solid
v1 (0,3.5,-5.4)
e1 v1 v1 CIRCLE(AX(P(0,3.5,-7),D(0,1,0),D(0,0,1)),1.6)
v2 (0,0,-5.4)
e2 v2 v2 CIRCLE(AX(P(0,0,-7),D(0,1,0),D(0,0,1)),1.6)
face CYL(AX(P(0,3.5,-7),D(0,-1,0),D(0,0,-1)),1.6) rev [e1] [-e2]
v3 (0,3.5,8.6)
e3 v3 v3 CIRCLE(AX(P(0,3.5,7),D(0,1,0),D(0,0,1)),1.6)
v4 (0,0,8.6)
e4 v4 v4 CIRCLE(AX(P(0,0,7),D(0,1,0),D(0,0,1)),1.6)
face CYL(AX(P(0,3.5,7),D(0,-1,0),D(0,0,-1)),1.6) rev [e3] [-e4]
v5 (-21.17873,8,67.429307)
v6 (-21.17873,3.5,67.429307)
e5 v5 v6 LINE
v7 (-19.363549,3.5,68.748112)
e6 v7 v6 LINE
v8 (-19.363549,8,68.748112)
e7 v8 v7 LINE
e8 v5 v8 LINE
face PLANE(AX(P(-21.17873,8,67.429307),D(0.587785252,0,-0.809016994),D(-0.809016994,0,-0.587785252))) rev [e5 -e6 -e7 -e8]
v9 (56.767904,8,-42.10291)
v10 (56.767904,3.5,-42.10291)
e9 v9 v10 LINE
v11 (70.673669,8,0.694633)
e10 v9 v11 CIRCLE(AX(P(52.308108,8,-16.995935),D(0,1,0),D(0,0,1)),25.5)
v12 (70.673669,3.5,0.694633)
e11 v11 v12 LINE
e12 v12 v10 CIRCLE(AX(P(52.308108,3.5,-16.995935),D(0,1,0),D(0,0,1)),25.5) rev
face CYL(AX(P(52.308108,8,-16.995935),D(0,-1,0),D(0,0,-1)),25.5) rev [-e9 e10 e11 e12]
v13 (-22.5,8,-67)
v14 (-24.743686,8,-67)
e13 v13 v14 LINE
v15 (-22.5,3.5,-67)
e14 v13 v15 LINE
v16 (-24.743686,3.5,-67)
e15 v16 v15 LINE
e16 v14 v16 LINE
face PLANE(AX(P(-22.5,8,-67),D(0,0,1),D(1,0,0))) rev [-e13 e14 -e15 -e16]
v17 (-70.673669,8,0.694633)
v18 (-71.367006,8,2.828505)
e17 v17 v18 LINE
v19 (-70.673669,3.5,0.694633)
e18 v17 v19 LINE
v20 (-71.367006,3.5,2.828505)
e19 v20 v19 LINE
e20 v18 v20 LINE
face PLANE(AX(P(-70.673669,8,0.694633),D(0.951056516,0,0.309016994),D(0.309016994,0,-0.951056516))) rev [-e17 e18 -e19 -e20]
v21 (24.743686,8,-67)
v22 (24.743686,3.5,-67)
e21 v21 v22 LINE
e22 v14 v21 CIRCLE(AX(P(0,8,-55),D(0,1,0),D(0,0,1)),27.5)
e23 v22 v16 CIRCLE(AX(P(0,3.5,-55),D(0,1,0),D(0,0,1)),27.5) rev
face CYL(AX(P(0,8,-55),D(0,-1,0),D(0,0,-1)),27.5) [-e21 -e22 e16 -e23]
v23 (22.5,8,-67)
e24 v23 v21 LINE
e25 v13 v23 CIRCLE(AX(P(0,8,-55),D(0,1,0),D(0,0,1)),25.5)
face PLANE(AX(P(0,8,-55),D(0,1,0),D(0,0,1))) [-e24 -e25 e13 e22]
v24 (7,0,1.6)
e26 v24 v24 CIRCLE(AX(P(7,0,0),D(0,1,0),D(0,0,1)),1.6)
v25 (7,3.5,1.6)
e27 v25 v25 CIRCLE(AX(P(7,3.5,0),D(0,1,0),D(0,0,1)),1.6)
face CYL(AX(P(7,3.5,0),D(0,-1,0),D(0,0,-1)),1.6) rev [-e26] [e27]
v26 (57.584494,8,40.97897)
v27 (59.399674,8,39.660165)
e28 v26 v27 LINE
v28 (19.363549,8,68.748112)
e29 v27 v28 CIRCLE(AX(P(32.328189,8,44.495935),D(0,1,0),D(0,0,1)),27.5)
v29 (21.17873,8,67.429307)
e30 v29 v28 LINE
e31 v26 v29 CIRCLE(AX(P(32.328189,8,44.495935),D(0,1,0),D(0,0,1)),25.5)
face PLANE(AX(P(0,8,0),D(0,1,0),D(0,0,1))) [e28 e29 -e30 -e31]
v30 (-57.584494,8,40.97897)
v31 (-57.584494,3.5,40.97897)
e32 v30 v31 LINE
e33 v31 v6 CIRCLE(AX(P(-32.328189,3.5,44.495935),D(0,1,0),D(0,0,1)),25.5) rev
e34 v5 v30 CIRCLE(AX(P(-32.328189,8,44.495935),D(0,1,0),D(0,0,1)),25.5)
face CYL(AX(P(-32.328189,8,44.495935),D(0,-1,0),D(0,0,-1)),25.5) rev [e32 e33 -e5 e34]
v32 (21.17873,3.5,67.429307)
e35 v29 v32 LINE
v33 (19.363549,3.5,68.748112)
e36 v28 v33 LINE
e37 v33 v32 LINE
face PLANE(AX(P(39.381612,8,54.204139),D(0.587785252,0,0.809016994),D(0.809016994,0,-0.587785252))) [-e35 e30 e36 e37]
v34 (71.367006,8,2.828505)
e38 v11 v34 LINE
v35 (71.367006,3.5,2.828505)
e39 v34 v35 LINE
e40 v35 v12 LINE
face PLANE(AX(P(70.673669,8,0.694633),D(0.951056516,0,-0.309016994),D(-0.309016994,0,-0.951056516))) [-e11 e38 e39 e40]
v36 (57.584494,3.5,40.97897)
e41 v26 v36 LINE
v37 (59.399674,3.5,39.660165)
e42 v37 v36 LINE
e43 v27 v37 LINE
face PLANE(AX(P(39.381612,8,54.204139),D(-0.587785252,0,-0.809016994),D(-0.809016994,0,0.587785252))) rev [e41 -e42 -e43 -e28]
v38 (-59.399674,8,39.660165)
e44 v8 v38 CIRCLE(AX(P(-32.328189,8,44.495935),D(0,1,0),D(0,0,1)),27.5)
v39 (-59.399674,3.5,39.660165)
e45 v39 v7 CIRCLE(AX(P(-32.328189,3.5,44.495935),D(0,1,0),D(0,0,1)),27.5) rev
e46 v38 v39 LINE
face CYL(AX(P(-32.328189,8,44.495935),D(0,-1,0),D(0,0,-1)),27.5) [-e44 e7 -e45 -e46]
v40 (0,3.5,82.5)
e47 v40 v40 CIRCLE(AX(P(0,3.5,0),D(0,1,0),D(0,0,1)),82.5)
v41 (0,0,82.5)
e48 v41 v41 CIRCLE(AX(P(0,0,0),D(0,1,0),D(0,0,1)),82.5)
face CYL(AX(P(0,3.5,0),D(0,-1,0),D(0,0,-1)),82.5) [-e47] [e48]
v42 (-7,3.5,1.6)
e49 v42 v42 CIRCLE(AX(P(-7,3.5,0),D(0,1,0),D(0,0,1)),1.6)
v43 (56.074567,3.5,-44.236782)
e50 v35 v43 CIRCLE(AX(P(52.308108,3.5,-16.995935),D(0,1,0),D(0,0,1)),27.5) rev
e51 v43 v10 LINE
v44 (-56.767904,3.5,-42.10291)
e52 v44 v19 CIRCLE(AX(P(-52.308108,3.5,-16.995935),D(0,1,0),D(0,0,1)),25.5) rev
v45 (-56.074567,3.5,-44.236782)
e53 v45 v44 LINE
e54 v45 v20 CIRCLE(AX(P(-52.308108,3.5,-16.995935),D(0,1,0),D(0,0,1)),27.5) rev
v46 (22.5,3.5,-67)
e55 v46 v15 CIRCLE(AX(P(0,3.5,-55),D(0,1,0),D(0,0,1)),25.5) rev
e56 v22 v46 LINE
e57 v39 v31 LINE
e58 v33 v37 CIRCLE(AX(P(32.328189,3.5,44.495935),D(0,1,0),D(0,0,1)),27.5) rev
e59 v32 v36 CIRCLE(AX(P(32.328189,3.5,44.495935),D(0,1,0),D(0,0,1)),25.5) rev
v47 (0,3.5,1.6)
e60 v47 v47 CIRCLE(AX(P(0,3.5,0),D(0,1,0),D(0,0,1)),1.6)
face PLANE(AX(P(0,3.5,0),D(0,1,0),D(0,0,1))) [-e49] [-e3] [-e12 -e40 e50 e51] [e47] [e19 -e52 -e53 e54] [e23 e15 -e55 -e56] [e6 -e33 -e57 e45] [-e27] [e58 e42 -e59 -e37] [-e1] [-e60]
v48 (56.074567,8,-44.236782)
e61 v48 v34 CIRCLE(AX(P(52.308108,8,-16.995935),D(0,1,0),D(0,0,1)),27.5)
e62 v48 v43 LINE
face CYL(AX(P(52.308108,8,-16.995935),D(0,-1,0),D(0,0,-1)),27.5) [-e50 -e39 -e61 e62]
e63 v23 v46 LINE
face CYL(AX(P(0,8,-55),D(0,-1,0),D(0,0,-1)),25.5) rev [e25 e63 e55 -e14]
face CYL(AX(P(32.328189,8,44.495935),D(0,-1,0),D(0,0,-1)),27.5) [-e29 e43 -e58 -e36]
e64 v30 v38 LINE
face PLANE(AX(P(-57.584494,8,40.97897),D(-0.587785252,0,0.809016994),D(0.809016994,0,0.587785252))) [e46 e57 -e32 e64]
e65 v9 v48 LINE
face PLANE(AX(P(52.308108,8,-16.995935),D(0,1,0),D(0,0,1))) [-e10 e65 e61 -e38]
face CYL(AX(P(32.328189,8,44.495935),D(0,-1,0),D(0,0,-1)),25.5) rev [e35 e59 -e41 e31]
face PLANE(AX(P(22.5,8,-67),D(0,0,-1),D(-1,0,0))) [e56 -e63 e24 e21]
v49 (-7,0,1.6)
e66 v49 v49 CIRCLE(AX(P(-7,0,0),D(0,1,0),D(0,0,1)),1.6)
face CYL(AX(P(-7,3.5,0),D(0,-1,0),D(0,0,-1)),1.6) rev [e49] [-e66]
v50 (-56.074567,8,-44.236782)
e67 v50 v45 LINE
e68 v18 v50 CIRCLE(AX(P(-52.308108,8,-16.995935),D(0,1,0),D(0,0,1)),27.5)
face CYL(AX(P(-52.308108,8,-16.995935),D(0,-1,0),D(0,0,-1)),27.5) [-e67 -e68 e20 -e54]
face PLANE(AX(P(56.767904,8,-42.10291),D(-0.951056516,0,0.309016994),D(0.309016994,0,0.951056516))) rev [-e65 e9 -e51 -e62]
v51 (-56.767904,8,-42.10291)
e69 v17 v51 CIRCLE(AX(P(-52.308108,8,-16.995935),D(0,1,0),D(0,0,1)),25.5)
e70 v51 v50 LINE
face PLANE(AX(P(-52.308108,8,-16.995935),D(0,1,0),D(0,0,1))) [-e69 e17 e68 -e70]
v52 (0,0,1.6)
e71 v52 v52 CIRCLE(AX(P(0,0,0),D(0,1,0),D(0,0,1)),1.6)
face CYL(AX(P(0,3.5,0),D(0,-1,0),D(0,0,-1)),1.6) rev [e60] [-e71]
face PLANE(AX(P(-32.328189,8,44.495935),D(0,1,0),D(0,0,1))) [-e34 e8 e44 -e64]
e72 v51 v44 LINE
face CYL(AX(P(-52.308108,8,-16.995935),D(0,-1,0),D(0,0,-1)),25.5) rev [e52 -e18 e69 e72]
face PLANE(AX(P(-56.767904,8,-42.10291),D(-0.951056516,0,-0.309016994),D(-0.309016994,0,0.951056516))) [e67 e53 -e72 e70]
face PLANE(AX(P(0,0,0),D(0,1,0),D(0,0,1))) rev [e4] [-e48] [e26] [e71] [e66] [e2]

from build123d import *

# Parameters (mm, degrees)
SKETCH_2_R      = 82.5
SKETCH_2_R_2    = 1.6
EXTRUDE_1_DEPTH = 3.5
EXTRUDE_2_DEPTH = 8


with BuildPart() as part:
    # 草图2 → 凸台-拉伸1 (new body)
    with BuildSketch(Plane(origin=(0, 0, 0), x_dir=(1, 0, 0), z_dir=(0, 1, 0))):
        Circle(SKETCH_2_R)
        with Locations((0, -7)):
            Circle(SKETCH_2_R_2, mode=Mode.SUBTRACT)
        with Locations((-7, 0)):
            Circle(SKETCH_2_R_2, mode=Mode.SUBTRACT)
        Circle(SKETCH_2_R_2, mode=Mode.SUBTRACT)
        with Locations((7, 0)):
            Circle(SKETCH_2_R_2, mode=Mode.SUBTRACT)
        with Locations((0, 7)):
            Circle(SKETCH_2_R_2, mode=Mode.SUBTRACT)
    extrude(amount=EXTRUDE_1_DEPTH)

    # 草图2<3> → 凸台-拉伸2 (add)
    with BuildSketch(Plane(origin=(0, 0, 0), x_dir=(1, 0, 0), z_dir=(0, 1, 0))):
        with BuildLine():
            ThreePointArc((22.5, 67), (0, 29.5), (-22.5, 67))
            Line((-22.5, 67), (-24.743686063, 67))
            ThreePointArc((-24.743686063, 67), (0, 27.5), (24.743686063, 67))
            Line((24.743686063, 67), (22.5, 67))
        make_face()
        with BuildLine():
            ThreePointArc((70.673668965, -0.694632994), (28.056167231, 9.116001334), (56.767904218, 42.10291024))
            Line((56.767904218, 42.10291024), (56.074567095, 44.236782491))
            ThreePointArc((56.074567095, 44.236782491), (26.154054198, 8.497967345), (71.367006089, -2.828505245))
            Line((71.367006089, -2.828505245), (70.673668965, -0.694632994))
        make_face()
        with BuildLine():
            ThreePointArc((21.17872953, -67.4293068), (17.339664943, -23.866001334), (57.584494277, -40.978970447))
            Line((57.584494277, -40.978970447), (59.399674432, -39.660164868))
            ThreePointArc((59.399674432, -39.660164868), (16.164094438, -22.247967345), (19.363549375, -68.748112378))
            Line((19.363549375, -68.748112378), (21.17872953, -67.4293068))
        make_face()
        with BuildLine():
            ThreePointArc((-57.584494277, -40.978970447), (-17.339664943, -23.866001334), (-21.17872953, -67.4293068))
            Line((-21.17872953, -67.4293068), (-19.363549375, -68.748112378))
            ThreePointArc((-19.363549375, -68.748112378), (-16.164094438, -22.247967345), (-59.399674432, -39.660164868))
            Line((-59.399674432, -39.660164868), (-57.584494277, -40.978970447))
        make_face()
        with BuildLine():
            ThreePointArc((-56.767904218, 42.10291024), (-28.056167231, 9.116001334), (-70.673668965, -0.694632994))
            Line((-70.673668965, -0.694632994), (-71.367006089, -2.828505245))
            ThreePointArc((-71.367006089, -2.828505245), (-26.154054198, 8.497967345), (-56.074567095, 44.236782491))
            Line((-56.074567095, 44.236782491), (-56.767904218, 42.10291024))
        make_face()
    extrude(amount=EXTRUDE_2_DEPTH)


solid = part.part
